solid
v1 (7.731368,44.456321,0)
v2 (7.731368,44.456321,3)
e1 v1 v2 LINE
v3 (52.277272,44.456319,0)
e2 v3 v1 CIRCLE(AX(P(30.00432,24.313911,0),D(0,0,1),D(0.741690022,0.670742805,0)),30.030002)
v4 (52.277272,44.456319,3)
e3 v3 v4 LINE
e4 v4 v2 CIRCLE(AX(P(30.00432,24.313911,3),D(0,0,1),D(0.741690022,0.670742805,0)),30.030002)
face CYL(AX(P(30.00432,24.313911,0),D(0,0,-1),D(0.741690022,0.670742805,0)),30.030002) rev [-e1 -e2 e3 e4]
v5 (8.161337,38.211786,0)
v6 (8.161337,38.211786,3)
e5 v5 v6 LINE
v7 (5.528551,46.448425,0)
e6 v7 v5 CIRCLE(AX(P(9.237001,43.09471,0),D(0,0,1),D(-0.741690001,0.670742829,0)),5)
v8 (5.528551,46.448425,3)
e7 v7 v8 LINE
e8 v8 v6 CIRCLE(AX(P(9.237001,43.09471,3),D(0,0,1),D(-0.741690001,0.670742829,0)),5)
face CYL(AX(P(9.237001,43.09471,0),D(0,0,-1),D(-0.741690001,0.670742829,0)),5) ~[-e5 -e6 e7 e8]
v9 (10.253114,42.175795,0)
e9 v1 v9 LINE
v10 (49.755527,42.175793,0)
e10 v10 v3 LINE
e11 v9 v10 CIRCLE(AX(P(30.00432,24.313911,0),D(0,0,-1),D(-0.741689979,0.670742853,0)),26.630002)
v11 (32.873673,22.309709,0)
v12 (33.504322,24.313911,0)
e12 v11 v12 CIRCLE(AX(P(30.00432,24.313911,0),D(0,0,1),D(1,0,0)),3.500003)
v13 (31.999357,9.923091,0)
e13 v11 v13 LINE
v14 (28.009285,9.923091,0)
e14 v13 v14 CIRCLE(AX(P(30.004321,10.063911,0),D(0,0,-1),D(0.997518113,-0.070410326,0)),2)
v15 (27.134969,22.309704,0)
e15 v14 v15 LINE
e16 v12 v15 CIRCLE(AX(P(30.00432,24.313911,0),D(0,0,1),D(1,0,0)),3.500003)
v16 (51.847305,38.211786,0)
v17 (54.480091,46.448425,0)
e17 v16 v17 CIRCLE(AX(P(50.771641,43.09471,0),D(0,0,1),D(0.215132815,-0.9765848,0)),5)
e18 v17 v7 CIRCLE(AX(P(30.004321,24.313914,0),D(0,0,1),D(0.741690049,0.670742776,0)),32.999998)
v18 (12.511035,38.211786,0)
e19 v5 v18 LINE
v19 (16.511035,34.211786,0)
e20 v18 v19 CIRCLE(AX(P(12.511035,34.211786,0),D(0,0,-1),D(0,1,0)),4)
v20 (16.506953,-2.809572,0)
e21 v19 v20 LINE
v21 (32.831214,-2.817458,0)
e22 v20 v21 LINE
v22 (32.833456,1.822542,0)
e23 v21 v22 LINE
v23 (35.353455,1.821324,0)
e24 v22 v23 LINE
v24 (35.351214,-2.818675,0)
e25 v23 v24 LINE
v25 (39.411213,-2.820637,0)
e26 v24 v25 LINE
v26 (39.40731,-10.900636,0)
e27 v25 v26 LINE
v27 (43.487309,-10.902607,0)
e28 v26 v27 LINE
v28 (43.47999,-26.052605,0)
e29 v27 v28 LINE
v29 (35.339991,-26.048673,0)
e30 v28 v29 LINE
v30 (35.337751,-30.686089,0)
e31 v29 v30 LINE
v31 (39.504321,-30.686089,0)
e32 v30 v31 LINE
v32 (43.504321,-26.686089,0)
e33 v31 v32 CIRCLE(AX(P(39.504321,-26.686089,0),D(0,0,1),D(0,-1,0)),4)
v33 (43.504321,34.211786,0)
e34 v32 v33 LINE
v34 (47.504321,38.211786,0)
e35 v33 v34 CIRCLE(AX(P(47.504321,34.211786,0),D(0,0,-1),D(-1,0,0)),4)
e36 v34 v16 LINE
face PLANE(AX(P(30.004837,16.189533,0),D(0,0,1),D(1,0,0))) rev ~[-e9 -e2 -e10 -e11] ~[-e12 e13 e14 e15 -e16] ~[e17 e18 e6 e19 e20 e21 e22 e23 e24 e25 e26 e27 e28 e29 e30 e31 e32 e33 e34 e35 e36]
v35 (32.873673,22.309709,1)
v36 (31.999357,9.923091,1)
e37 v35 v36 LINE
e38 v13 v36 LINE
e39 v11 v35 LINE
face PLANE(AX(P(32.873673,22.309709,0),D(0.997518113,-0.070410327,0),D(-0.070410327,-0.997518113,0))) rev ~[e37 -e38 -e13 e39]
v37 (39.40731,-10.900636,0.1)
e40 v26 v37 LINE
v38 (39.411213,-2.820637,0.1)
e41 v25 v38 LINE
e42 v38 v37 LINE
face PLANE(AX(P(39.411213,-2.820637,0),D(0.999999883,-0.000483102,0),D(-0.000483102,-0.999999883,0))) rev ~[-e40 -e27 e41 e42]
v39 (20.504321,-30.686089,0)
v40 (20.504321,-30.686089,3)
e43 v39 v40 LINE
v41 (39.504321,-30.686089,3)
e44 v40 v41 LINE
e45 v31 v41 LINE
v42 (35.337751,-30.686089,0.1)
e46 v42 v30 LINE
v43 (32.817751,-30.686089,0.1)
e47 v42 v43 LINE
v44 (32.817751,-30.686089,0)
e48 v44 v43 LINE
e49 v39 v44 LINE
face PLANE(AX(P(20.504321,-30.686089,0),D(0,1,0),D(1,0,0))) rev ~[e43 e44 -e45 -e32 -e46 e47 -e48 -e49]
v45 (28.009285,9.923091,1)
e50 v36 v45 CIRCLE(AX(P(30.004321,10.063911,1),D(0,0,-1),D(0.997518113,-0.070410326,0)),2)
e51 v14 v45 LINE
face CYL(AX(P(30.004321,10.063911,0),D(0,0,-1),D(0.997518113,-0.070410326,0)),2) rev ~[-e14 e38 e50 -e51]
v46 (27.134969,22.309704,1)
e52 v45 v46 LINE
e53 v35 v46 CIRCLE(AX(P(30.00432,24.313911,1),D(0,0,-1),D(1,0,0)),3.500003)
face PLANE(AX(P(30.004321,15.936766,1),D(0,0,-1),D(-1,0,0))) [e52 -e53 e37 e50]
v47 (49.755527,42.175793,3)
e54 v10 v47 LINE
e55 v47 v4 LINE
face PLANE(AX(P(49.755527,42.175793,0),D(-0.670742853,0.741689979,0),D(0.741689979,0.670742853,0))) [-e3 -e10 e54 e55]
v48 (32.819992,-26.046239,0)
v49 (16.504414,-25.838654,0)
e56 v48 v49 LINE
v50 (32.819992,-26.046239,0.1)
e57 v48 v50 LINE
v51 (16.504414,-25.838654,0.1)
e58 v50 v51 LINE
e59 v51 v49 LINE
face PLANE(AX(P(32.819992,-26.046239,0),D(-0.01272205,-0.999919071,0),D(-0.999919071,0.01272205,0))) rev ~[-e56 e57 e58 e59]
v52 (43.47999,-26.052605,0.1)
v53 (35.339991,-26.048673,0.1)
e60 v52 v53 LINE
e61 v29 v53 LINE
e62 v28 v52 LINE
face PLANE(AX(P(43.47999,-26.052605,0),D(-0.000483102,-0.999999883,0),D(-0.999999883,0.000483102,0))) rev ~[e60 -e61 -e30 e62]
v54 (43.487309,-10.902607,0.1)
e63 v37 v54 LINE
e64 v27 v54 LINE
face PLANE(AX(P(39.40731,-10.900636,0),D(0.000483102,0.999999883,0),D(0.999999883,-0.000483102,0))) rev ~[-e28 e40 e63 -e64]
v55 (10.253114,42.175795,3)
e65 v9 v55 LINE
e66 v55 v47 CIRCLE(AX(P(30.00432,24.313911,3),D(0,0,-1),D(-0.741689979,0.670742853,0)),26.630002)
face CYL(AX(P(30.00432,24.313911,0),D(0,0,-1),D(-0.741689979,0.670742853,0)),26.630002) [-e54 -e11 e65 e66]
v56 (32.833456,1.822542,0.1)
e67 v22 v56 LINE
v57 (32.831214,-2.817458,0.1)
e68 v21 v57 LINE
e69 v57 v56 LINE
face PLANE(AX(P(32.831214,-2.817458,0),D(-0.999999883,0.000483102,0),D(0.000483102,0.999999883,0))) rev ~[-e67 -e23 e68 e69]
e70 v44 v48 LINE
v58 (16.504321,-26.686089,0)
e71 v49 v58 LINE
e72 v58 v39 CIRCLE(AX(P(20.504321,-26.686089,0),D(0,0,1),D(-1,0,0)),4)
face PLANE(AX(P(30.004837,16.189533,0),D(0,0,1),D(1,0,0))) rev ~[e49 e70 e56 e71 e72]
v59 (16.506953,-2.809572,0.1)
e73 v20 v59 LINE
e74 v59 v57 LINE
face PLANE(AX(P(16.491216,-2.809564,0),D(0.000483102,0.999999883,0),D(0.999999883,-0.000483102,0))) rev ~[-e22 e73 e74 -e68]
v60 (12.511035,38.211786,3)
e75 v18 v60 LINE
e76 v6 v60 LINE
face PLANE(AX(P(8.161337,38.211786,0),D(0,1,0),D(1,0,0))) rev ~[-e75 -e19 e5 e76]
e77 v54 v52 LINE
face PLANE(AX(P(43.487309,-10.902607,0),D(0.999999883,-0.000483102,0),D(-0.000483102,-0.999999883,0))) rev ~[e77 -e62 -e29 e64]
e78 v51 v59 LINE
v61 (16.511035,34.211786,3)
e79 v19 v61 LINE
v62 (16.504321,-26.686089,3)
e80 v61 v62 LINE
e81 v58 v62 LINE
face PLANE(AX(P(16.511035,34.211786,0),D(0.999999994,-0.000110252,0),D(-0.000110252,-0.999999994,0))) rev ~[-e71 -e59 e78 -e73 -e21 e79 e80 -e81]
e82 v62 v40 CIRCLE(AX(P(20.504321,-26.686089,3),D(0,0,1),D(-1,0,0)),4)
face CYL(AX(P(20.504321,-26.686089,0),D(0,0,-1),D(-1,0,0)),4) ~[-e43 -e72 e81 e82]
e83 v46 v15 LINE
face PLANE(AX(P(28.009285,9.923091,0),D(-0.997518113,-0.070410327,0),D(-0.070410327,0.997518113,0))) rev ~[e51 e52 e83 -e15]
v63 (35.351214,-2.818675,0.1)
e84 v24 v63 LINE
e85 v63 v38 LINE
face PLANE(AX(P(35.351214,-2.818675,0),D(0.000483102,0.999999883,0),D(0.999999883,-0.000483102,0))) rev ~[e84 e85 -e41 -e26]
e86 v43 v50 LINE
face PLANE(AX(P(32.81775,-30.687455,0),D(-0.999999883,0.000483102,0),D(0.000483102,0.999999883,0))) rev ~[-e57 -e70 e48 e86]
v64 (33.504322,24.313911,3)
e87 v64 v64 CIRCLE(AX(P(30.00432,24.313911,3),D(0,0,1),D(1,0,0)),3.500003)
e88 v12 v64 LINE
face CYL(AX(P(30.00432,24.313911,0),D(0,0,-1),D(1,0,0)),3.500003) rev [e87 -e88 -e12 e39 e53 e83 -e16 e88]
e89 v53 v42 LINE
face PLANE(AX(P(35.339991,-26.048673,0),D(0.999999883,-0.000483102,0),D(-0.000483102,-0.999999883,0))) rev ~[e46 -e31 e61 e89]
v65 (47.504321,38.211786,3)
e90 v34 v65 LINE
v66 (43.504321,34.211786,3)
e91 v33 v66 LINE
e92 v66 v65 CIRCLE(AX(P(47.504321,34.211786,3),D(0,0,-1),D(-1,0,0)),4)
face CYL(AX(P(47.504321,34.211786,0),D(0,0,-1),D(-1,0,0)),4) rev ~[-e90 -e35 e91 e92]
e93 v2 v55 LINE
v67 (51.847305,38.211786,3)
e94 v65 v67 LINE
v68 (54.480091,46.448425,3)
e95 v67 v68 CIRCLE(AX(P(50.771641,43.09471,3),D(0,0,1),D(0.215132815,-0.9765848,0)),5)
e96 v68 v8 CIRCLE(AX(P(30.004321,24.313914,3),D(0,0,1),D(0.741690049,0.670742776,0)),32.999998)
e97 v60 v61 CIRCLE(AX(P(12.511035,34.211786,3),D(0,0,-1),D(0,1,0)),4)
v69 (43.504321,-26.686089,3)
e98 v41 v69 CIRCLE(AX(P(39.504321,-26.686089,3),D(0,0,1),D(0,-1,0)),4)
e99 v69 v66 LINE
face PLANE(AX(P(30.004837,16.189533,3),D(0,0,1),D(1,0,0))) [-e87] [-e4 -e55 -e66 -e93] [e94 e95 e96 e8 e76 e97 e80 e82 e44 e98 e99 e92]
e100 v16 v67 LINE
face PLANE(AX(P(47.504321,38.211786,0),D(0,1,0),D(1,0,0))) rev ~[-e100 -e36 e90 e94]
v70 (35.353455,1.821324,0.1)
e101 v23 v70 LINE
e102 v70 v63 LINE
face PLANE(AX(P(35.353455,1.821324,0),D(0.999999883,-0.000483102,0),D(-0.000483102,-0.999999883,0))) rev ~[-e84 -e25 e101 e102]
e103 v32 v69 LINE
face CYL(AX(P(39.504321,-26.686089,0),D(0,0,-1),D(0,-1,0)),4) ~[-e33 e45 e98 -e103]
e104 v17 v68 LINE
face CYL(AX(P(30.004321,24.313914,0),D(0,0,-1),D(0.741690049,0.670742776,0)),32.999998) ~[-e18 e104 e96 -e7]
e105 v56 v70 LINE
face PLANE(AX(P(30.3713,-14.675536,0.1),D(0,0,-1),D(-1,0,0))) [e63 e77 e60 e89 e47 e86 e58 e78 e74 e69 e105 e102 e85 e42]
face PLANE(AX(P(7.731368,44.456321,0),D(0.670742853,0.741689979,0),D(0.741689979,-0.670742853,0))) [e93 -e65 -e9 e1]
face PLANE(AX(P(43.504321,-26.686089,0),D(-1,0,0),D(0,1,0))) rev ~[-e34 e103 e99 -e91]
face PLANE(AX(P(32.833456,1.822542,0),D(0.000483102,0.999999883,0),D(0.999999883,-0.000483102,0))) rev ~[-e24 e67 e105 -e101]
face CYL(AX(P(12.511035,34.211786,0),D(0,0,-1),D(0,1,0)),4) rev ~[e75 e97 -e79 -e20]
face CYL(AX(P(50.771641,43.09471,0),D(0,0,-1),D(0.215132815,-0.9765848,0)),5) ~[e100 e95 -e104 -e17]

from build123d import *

# Parameters (mm, degrees)
CORTE_EXTERIOR_R        = 3.500002593
SALIENTE_EXTRUIR1_DEPTH = 3
CORTAR_EXTRUIR1_DEPTH   = 1
CORTAR_EXTRUIR2_DEPTH   = 0.1


with BuildPart() as part:
    # Corte exterior → Saliente-Extruir1 (new body)
    with BuildSketch(Plane.XY):
        with BuildLine():
            Line((47.504320945, 38.211786495), (51.847305041, 38.211786495))
            ThreePointArc((51.847305041, 38.211786495), (55.534254627, 41.572373104), (54.480090972, 46.448424641))
            ThreePointArc((54.480090972, 46.448424641), (30.004320476, 57.31391234), (5.528550918, 46.448424641))
            ThreePointArc((5.528550918, 46.448424641), (4.474387263, 41.572373104), (8.161336848, 38.211786495))
            Line((8.161336848, 38.211786495), (12.511035037, 38.211786495))
            ThreePointArc((12.511035037, 38.211786495), (15.339462162, 37.04021362), (16.511035037, 34.211786495))
            Line((16.511035037, 34.211786495), (16.504320945, -26.686088981))
            ThreePointArc((16.504320945, -26.686088981), (17.67589382, -29.514516106), (20.504320945, -30.686088981))
            Line((20.504320945, -30.686088981), (39.504320945, -30.686088981))
            ThreePointArc((39.504320945, -30.686088981), (42.33274807, -29.514516106), (43.504320945, -26.686088981))
            Line((43.504320945, -26.686088981), (43.504320945, 34.211786495))
            ThreePointArc((43.504320945, 34.211786495), (44.67589382, 37.04021362), (47.504320945, 38.211786495))
        make_face()
        with Locations((30.00431952, 24.313911283)):
            Circle(CORTE_EXTERIOR_R, mode=Mode.SUBTRACT)
        with BuildLine():
            ThreePointArc((52.277272453, 44.456319148), (30.004320476, 54.343913397), (7.731367869, 44.456320565))
            Line((7.731367869, 44.456320565), (10.253113799, 42.175794866))
            ThreePointArc((10.253113799, 42.175794866), (30.004320476, 50.943913397), (49.755526523, 42.175793449))
            Line((49.755526523, 42.175793449), (52.277272453, 44.456319148))
        make_face(mode=Mode.SUBTRACT)
    extrude(amount=SALIENTE_EXTRUIR1_DEPTH)

    # Grabado Superficie → Cortar-Extruir1 (cut)
    with BuildSketch(Plane.XY):
        with BuildLine():
            Line((32.873672963, 22.309708905), (31.999357171, 9.92309063))
            ThreePointArc((31.999357171, 9.92309063), (30.004320945, 8.063911283), (28.009284719, 9.92309063))
            Line((28.009284719, 9.92309063), (27.134968927, 22.309708905))
            ThreePointArc((27.134968927, 22.309708905), (30.004320945, 20.813910115), (32.873672963, 22.309708905))
        make_face()
    extrude(amount=CORTAR_EXTRUIR1_DEPTH, mode=Mode.SUBTRACT)

    # grabado linea medio → Cortar-Extruir2 (cut)
    with BuildSketch(Plane.XY):
        Polygon((43.479990352, -26.052604982), (35.339991301, -26.048672531), (35.337749708, -30.68867199), (32.817750002, -30.687454573), (32.819992183, -26.046238615), (16.48009071, -25.838344751), (16.491215962, -2.809563938), (32.831214056, -2.817457825), (32.833455649, 1.822541634), (35.353455355, 1.821324216), (35.351213761, -2.818675242), (39.411213288, -2.820636636), (39.407309823, -10.900635693), (43.487309347, -10.90260675), align=None)
    extrude(amount=CORTAR_EXTRUIR2_DEPTH, mode=Mode.SUBTRACT)


solid = part.part
